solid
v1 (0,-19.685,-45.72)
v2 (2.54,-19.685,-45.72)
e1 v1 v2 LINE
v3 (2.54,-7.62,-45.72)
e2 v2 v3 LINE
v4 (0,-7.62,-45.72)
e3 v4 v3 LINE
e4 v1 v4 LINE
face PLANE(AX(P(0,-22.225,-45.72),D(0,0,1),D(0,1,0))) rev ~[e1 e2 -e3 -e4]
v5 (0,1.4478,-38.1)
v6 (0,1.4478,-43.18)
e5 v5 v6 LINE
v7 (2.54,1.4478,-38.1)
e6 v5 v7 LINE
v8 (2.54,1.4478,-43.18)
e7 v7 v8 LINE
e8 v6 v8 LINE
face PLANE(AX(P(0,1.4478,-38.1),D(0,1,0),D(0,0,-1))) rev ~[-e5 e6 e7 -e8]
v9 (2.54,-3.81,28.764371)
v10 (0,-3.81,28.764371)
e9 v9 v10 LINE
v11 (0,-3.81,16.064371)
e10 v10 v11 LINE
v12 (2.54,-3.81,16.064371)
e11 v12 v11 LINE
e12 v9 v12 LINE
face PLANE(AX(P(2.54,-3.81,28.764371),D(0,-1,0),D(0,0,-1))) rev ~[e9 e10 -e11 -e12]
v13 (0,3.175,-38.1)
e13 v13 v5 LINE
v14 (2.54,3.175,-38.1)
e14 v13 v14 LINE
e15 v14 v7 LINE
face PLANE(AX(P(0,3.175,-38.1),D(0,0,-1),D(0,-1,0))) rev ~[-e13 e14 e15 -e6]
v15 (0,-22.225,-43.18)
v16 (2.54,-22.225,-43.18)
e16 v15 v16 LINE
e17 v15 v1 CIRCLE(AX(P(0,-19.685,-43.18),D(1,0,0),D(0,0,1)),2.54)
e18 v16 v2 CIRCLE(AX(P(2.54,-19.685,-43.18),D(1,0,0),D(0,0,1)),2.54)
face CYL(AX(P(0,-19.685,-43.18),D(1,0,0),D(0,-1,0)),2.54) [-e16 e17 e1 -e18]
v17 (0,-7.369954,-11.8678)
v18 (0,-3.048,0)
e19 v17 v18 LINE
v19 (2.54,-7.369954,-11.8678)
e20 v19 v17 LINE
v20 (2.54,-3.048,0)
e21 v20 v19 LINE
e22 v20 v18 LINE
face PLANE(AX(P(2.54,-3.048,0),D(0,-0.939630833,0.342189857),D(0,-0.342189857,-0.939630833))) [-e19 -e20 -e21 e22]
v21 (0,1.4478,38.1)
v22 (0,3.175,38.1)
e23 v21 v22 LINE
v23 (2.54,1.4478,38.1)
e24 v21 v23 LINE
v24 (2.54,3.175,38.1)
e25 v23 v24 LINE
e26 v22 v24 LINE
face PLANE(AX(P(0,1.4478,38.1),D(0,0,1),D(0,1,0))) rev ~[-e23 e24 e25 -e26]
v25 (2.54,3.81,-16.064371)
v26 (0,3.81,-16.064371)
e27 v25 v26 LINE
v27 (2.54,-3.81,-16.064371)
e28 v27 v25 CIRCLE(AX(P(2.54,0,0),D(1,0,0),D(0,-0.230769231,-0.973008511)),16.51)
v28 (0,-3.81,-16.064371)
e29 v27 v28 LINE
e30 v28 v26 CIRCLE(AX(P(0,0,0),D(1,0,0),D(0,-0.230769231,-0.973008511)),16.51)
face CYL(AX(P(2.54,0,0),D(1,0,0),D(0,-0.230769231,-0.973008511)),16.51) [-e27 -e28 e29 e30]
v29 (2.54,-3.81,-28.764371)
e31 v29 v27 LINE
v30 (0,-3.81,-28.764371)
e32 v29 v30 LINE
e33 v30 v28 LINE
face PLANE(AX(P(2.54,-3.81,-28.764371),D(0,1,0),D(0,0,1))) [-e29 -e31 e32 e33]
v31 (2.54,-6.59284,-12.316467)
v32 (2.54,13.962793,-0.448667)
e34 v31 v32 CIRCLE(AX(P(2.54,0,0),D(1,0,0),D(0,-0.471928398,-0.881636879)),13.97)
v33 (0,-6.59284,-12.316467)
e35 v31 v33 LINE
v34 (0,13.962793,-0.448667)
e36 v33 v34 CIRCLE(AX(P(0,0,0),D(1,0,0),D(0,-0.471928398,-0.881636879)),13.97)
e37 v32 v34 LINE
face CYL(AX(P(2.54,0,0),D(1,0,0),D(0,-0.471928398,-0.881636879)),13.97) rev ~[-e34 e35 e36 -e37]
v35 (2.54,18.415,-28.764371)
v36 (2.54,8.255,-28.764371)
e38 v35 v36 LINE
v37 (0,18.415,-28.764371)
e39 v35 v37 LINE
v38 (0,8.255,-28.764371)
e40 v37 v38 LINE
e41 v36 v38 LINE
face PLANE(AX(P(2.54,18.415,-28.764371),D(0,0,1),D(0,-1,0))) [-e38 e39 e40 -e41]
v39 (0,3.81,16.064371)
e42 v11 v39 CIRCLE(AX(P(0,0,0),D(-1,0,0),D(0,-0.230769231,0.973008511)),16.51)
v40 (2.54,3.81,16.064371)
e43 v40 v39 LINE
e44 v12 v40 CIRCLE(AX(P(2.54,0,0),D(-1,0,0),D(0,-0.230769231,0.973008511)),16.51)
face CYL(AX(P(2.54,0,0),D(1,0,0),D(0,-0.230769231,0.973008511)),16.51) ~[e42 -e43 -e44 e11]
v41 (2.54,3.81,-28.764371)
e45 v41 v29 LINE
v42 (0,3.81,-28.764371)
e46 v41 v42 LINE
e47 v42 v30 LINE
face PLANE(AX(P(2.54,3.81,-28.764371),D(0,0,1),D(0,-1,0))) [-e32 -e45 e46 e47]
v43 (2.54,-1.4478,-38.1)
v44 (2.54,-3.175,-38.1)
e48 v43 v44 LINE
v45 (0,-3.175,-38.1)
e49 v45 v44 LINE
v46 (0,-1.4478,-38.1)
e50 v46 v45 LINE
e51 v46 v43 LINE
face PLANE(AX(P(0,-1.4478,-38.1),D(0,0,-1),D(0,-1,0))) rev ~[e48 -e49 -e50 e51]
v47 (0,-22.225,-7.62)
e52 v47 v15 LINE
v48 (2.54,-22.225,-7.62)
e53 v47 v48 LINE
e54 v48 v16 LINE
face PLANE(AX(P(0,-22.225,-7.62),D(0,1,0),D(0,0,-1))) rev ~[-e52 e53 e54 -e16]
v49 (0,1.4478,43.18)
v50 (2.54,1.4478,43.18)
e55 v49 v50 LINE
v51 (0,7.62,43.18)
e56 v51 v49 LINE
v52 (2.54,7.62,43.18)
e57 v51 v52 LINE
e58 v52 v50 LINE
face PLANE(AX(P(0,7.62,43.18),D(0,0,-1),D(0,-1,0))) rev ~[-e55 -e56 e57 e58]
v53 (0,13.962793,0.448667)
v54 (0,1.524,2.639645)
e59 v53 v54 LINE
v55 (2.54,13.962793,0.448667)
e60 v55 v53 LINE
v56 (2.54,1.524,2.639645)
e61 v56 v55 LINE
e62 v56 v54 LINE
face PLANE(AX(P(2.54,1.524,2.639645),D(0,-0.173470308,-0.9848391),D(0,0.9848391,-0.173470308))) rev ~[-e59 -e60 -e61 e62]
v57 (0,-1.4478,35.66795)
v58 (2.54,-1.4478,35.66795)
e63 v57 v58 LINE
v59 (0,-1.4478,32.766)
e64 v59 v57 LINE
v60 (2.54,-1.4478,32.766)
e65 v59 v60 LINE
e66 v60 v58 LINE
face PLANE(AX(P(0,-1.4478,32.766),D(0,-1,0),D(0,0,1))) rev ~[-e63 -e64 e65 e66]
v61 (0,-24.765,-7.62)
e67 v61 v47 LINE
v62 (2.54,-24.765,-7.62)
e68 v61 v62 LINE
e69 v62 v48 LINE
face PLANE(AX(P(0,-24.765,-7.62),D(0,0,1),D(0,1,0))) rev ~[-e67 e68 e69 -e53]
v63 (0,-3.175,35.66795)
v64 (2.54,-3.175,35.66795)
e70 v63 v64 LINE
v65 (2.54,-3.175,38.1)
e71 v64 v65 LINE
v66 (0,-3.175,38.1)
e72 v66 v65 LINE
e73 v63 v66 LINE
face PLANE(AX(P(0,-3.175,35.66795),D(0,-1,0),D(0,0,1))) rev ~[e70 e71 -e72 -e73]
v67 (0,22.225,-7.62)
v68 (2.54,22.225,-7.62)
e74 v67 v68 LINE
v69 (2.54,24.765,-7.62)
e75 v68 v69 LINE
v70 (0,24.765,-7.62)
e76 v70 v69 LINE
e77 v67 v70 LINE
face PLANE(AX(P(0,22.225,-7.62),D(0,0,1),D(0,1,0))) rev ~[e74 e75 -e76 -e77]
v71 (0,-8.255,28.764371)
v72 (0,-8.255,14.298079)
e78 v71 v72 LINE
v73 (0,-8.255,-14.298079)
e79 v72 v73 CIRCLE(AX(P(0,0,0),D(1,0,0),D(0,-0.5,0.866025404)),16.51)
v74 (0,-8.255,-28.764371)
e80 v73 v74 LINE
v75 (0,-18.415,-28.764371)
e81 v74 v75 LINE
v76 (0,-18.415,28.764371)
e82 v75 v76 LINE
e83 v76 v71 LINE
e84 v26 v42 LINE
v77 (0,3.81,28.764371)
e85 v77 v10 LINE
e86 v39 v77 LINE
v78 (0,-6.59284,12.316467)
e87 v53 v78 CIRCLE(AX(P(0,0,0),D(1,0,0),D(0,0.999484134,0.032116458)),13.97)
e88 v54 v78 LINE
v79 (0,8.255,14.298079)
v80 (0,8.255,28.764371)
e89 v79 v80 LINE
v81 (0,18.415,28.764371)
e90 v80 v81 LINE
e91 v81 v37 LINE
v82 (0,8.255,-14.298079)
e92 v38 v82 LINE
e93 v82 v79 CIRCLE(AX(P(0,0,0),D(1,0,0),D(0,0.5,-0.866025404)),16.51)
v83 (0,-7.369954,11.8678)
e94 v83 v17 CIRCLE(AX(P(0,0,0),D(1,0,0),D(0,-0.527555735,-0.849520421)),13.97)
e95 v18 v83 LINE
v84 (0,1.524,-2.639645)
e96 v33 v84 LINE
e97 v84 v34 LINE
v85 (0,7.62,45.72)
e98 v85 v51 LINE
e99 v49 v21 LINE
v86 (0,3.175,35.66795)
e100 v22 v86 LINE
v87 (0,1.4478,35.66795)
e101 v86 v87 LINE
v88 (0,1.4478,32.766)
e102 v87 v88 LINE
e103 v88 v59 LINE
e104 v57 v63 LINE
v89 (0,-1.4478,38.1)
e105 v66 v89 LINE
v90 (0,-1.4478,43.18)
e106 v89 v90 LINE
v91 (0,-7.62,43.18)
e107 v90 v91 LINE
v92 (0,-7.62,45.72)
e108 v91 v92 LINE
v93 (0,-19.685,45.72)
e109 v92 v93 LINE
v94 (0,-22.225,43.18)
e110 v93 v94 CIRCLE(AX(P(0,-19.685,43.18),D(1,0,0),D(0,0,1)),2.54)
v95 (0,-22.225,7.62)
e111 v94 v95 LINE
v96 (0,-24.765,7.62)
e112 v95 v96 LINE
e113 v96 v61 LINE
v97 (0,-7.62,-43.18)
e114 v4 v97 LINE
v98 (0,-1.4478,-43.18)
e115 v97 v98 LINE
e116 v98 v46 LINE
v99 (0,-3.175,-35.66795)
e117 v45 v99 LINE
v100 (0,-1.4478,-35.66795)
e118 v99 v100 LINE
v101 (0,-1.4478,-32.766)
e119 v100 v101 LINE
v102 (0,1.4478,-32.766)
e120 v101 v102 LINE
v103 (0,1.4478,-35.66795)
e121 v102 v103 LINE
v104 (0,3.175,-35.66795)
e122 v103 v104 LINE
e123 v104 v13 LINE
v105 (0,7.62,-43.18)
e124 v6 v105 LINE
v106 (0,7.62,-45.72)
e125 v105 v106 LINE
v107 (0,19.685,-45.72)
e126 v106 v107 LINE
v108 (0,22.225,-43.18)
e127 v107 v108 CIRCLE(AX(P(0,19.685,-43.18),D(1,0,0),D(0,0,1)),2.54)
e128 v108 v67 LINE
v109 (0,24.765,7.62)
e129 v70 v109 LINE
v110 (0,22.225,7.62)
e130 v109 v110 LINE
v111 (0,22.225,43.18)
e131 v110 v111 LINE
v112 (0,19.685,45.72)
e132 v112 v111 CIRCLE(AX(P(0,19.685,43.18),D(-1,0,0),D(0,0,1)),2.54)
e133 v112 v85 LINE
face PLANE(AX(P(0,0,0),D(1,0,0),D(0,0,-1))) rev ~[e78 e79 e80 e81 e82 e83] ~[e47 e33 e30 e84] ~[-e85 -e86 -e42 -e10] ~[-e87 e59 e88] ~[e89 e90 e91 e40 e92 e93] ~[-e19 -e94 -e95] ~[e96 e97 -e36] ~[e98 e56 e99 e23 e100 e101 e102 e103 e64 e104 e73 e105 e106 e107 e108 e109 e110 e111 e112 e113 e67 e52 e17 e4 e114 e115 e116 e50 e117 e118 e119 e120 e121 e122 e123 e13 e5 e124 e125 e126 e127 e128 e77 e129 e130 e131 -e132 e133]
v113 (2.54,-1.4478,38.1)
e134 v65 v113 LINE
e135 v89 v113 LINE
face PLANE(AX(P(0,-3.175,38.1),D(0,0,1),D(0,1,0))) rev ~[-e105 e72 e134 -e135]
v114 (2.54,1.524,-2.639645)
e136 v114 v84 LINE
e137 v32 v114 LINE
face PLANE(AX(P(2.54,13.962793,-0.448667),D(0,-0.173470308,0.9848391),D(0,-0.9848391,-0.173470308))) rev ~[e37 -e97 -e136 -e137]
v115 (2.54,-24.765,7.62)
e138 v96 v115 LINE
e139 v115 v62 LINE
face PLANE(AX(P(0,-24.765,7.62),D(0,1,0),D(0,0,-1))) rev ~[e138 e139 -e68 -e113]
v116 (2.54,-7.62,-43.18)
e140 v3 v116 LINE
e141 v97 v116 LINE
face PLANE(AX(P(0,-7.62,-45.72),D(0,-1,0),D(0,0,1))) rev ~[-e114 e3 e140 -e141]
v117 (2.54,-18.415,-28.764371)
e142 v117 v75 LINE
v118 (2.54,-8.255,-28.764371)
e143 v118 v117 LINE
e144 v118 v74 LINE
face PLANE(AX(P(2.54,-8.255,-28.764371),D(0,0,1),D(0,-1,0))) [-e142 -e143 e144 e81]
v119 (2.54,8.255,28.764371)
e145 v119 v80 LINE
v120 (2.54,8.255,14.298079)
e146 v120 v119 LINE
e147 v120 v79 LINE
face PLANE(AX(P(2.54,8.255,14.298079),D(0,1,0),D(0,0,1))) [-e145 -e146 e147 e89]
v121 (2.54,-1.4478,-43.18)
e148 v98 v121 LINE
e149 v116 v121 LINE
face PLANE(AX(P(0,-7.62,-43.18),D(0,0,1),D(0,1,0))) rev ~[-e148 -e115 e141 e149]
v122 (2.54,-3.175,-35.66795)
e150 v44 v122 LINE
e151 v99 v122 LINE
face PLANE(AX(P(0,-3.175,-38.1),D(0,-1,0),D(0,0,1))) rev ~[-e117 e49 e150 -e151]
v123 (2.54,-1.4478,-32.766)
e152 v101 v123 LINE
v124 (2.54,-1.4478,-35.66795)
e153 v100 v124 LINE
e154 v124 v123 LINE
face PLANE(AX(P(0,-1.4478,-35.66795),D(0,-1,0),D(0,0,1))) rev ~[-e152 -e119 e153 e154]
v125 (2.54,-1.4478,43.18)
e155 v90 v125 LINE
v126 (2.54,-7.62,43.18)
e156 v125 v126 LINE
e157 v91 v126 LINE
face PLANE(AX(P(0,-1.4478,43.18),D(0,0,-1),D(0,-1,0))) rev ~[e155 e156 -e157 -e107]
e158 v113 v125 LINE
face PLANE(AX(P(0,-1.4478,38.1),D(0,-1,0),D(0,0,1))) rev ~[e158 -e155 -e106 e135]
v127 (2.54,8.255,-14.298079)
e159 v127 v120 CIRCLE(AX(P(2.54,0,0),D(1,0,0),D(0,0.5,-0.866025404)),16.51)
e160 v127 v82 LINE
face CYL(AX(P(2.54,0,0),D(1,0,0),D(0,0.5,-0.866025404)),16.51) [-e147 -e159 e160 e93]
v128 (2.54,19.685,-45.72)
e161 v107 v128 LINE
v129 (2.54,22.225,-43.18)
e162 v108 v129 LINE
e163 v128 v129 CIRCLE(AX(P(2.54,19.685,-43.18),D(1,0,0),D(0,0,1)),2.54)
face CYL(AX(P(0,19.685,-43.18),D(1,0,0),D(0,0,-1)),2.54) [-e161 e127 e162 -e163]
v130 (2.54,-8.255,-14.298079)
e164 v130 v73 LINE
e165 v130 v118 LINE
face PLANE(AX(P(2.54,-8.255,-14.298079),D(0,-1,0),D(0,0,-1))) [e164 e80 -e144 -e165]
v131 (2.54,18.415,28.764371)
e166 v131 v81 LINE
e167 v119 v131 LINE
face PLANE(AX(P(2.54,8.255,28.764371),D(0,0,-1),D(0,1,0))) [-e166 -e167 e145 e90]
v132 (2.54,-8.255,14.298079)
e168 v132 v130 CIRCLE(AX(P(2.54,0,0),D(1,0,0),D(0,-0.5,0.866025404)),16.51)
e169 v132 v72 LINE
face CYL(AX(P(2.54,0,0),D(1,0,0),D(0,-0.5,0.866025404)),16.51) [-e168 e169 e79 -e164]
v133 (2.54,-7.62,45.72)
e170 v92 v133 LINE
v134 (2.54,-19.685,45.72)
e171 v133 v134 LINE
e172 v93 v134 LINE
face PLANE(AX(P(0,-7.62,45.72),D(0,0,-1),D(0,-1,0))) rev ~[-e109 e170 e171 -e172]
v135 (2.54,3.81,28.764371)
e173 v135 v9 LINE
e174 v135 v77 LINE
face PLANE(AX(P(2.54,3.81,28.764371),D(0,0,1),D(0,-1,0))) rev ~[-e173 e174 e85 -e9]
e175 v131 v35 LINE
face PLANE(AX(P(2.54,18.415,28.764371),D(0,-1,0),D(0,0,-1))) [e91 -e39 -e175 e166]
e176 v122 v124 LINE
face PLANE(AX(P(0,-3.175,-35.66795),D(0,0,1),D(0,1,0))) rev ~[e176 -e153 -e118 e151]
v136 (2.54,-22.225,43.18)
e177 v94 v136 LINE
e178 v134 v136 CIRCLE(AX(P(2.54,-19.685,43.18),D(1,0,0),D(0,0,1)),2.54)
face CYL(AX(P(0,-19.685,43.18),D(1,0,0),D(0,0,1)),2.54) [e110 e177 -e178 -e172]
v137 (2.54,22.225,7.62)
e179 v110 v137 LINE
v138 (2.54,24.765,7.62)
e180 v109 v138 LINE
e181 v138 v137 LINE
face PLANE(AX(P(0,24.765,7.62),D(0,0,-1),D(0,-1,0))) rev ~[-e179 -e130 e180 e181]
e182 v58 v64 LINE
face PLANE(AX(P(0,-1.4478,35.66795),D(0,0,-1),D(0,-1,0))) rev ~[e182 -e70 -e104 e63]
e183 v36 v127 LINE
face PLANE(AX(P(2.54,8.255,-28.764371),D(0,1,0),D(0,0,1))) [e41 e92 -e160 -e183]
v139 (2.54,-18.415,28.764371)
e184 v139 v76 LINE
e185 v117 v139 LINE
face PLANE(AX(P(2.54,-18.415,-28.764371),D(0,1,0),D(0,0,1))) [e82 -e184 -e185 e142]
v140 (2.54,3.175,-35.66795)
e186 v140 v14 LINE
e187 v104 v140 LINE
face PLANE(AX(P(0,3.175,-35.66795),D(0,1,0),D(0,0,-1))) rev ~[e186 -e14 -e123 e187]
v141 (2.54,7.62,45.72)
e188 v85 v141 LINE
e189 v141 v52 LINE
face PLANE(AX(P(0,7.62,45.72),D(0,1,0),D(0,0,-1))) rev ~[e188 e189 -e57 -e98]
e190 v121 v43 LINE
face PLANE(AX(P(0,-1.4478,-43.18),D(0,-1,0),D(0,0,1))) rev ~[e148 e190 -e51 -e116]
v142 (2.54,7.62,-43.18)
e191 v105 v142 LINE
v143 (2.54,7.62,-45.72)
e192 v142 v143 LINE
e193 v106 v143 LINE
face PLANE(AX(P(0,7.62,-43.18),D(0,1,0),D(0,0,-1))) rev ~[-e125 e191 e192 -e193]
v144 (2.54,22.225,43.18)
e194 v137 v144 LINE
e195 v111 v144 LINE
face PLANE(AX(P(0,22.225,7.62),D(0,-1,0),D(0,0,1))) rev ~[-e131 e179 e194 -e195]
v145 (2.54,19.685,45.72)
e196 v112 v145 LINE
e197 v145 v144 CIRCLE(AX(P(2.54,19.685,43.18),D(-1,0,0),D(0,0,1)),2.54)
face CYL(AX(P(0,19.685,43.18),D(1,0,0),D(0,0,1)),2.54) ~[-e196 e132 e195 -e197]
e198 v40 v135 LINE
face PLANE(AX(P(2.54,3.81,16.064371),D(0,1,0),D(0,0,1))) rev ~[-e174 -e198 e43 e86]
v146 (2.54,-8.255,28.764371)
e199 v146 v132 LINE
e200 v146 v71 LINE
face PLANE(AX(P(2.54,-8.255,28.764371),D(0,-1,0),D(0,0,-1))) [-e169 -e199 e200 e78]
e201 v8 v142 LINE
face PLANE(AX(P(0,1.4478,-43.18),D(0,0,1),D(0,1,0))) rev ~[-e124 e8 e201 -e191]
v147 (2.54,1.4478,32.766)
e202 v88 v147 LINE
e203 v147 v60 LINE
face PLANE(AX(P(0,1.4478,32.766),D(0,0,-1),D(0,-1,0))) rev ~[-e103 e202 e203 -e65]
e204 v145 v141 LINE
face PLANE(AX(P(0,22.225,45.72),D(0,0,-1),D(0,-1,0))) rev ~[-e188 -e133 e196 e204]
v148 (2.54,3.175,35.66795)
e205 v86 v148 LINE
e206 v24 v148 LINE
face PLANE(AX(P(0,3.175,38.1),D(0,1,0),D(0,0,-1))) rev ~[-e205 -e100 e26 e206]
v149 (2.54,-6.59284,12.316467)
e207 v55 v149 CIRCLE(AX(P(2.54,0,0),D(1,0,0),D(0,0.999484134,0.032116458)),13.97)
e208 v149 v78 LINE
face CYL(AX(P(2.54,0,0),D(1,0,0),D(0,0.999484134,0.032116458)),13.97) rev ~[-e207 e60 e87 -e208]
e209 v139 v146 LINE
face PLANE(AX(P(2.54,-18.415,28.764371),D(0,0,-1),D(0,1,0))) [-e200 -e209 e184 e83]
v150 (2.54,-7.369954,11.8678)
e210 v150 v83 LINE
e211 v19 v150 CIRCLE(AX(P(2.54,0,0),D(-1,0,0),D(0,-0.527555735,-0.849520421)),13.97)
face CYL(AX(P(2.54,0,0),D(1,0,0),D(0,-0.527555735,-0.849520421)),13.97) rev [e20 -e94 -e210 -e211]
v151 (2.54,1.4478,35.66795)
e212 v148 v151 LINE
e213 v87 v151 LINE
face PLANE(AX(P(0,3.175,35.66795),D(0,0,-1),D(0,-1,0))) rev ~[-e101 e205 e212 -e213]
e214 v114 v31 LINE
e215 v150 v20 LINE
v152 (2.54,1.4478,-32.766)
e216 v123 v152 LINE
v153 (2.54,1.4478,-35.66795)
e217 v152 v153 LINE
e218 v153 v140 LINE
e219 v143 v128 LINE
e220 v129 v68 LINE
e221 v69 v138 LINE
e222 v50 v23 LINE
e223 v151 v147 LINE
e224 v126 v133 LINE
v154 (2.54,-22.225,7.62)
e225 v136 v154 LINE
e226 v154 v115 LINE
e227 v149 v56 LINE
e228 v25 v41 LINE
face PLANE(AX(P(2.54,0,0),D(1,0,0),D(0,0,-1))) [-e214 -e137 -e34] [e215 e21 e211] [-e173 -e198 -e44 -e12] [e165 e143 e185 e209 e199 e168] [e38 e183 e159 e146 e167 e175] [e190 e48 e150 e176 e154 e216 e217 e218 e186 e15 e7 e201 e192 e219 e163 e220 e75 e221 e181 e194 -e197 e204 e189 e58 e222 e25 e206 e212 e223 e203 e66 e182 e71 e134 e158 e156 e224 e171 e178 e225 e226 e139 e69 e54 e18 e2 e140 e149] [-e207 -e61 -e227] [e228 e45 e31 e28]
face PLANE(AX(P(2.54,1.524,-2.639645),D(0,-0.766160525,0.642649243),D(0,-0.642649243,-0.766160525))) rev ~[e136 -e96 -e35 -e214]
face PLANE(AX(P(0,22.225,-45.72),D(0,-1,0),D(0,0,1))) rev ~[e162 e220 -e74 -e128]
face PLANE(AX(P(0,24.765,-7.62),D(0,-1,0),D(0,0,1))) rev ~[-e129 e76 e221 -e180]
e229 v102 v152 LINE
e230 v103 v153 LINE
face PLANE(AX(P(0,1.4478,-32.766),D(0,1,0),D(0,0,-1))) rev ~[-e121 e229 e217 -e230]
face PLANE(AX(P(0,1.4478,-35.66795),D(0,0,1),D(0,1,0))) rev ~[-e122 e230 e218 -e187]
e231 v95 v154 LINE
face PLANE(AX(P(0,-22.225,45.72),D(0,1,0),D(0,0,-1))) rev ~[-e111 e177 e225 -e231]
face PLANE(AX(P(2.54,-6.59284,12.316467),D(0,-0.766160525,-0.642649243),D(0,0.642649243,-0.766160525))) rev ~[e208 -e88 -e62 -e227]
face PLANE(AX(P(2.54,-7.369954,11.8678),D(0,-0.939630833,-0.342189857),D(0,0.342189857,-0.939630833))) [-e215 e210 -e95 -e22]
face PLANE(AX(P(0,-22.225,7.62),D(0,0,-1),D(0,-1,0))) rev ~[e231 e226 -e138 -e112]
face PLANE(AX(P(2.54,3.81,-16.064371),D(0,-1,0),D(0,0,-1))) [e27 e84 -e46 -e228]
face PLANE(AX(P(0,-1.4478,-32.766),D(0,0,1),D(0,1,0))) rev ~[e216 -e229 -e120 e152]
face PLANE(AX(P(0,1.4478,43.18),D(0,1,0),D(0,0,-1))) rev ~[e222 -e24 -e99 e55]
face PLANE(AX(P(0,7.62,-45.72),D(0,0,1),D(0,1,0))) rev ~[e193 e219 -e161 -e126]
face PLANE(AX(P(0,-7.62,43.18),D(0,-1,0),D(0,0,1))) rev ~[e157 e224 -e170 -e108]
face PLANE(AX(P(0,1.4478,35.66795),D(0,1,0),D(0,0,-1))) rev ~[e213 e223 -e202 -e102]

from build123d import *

# Parameters (mm, degrees)
BOSS_EXTRUDE1_DEPTH = 2.54
FILLET1_R           = 2.54
CUT_EXTRUDE2_REACH  = 4.54
CUT_EXTRUDE3_DEPTH  = 2.54


with BuildPart() as part:
    # Sketch2 → Boss-Extrude1 (new body)
    with BuildSketch(Plane(origin=(0, 0, 0), x_dir=(0, 0, -1), z_dir=(1, 0, 0))):
        Polygon((-45.72, 22.225), (-45.72, 7.62), (-43.18, 7.62), (-43.18, 1.4478), (-38.1, 1.4478), (-38.1, 3.175), (-35.66795, 3.175), (-35.66795, 1.4478), (-32.766, 1.4478), (-32.766, -1.4478), (-35.66795, -1.4478), (-35.66795, -3.175), (-38.1, -3.175), (-38.1, -1.4478), (-43.18, -1.4478), (-43.18, -7.62), (-45.72, -7.62), (-45.72, -22.225), (-7.62, -22.225), (-7.62, -24.765), (7.62, -24.765), (7.62, -22.225), (45.72, -22.225), (45.72, -7.62), (43.18, -7.62), (43.18, -1.4478), (38.1, -1.4478), (38.1, -3.175), (35.66795, -3.175), (35.66795, -1.4478), (32.766, -1.4478), (32.766, 1.4478), (35.66795, 1.4478), (35.66795, 3.175), (38.1, 3.175), (38.1, 1.4478), (43.18, 1.4478), (43.18, 7.62), (45.72, 7.62), (45.72, 22.225), (7.62, 22.225), (7.62, 24.765), (-7.62, 24.765), (-7.62, 22.225), align=None)
    extrude(amount=BOSS_EXTRUDE1_DEPTH)

    # Fillet1
    fillet1_edges = [part.edges().sort_by_distance(p)[0] for p in [
        (1.27, -22.225, -45.72),
        (1.27, -22.225, 45.72),
        (1.27, 22.225, 45.72),
        (1.27, 22.225, -45.72),
    ]]
    fillet(fillet1_edges, radius=FILLET1_R)

    # Sketch3 → Cut-Extrude2 (cut, up to next)
    with BuildSketch(Plane(origin=(2.54, 0, 0), x_dir=(0, 0, -1), z_dir=(1, 0, 0)), mode=Mode.PRIVATE) as cut_extrude2_sk1:
        with BuildLine():
            Line((2.639645431, 1.524), (12.316467203, -6.592839725))
            ThreePointArc((12.316467203, -6.592839725), (12.098374891, 6.985), (0.448666916, 13.962793345))
            Line((0.448666916, 13.962793345), (2.639645431, 1.524))
        make_face()
    cut_extrude2_tool1 = extrude(cut_extrude2_sk1.sketch, amount=-CUT_EXTRUDE2_REACH, mode=Mode.PRIVATE) & part.part
    add(cut_extrude2_tool1.solids().sort_by_distance((2.54, 4.379888, -7.586189))[0], mode=Mode.SUBTRACT)
    # Sketch3 → Cut-Extrude2 (cut, up to next)
    with BuildSketch(Plane(origin=(2.54, 0, 0), x_dir=(0, 0, -1), z_dir=(1, 0, 0)), mode=Mode.PRIVATE) as cut_extrude2_sk2:
        with BuildLine():
            Line((0, -3.048), (11.867800287, -7.36995362))
            ThreePointArc((11.867800287, -7.36995362), (0, -13.97), (-11.867800287, -7.36995362))
            Line((-11.867800287, -7.36995362), (0, -3.048))
        make_face()
    cut_extrude2_tool2 = extrude(cut_extrude2_sk2.sketch, amount=-CUT_EXTRUDE2_REACH, mode=Mode.PRIVATE) & part.part
    add(cut_extrude2_tool2.solids().sort_by_distance((2.54, -8.759776, 0))[0], mode=Mode.SUBTRACT)
    # Sketch3 → Cut-Extrude2 (cut, up to next)
    with BuildSketch(Plane(origin=(2.54, 0, 0), x_dir=(0, 0, -1), z_dir=(1, 0, 0)), mode=Mode.PRIVATE) as cut_extrude2_sk3:
        with BuildLine():
            Line((-2.639645431, 1.524), (-0.448666916, 13.962793345))
            ThreePointArc((-0.448666916, 13.962793345), (-12.098374891, 6.985), (-12.316467203, -6.592839725))
            Line((-12.316467203, -6.592839725), (-2.639645431, 1.524))
        make_face()
    cut_extrude2_tool3 = extrude(cut_extrude2_sk3.sketch, amount=-CUT_EXTRUDE2_REACH, mode=Mode.PRIVATE) & part.part
    add(cut_extrude2_tool3.solids().sort_by_distance((2.54, 4.379888, 7.586189))[0], mode=Mode.SUBTRACT)

    # Sketch4 → Cut-Extrude3 (cut)
    with BuildSketch(Plane(origin=(2.54, 0, 0), x_dir=(0, 0, -1), z_dir=(1, 0, 0))):
        with BuildLine():
            Line((-28.764370514, 18.415), (28.764370514, 18.415))
            Line((28.764370514, 18.415), (28.764370514, 8.255))
            Line((28.764370514, 8.255), (14.298079416, 8.255))
            ThreePointArc((14.298079416, 8.255), (0, 16.51), (-14.298079416, 8.255))
            Line((-14.298079416, 8.255), (-28.764370514, 8.255))
            Line((-28.764370514, 8.255), (-28.764370514, 18.415))
        make_face()
        with BuildLine():
            Line((-28.764370514, -18.415), (-28.764370514, -8.255))
            Line((-28.764370514, -8.255), (-14.298079416, -8.255))
            ThreePointArc((-14.298079416, -8.255), (0, -16.51), (14.298079416, -8.255))
            Line((14.298079416, -8.255), (28.764370514, -8.255))
            Line((28.764370514, -8.255), (28.764370514, -18.415))
            Line((28.764370514, -18.415), (-28.764370514, -18.415))
        make_face()
        with BuildLine():
            Line((-16.064370514, 3.81), (-28.764370514, 3.81))
            Line((-28.764370514, 3.81), (-28.764370514, -3.81))
            Line((-28.764370514, -3.81), (-16.064370514, -3.81))
            ThreePointArc((-16.064370514, -3.81), (-16.51, 0), (-16.064370514, 3.81))
        make_face()
        with BuildLine():
            Line((28.764370514, -3.81), (16.064370514, -3.81))
            ThreePointArc((16.064370514, -3.81), (16.51, 0), (16.064370514, 3.81))
            Line((16.064370514, 3.81), (28.764370514, 3.81))
            Line((28.764370514, 3.81), (28.764370514, -3.81))
        make_face()
    extrude(amount=-CUT_EXTRUDE3_DEPTH, mode=Mode.SUBTRACT)


solid = part.part
